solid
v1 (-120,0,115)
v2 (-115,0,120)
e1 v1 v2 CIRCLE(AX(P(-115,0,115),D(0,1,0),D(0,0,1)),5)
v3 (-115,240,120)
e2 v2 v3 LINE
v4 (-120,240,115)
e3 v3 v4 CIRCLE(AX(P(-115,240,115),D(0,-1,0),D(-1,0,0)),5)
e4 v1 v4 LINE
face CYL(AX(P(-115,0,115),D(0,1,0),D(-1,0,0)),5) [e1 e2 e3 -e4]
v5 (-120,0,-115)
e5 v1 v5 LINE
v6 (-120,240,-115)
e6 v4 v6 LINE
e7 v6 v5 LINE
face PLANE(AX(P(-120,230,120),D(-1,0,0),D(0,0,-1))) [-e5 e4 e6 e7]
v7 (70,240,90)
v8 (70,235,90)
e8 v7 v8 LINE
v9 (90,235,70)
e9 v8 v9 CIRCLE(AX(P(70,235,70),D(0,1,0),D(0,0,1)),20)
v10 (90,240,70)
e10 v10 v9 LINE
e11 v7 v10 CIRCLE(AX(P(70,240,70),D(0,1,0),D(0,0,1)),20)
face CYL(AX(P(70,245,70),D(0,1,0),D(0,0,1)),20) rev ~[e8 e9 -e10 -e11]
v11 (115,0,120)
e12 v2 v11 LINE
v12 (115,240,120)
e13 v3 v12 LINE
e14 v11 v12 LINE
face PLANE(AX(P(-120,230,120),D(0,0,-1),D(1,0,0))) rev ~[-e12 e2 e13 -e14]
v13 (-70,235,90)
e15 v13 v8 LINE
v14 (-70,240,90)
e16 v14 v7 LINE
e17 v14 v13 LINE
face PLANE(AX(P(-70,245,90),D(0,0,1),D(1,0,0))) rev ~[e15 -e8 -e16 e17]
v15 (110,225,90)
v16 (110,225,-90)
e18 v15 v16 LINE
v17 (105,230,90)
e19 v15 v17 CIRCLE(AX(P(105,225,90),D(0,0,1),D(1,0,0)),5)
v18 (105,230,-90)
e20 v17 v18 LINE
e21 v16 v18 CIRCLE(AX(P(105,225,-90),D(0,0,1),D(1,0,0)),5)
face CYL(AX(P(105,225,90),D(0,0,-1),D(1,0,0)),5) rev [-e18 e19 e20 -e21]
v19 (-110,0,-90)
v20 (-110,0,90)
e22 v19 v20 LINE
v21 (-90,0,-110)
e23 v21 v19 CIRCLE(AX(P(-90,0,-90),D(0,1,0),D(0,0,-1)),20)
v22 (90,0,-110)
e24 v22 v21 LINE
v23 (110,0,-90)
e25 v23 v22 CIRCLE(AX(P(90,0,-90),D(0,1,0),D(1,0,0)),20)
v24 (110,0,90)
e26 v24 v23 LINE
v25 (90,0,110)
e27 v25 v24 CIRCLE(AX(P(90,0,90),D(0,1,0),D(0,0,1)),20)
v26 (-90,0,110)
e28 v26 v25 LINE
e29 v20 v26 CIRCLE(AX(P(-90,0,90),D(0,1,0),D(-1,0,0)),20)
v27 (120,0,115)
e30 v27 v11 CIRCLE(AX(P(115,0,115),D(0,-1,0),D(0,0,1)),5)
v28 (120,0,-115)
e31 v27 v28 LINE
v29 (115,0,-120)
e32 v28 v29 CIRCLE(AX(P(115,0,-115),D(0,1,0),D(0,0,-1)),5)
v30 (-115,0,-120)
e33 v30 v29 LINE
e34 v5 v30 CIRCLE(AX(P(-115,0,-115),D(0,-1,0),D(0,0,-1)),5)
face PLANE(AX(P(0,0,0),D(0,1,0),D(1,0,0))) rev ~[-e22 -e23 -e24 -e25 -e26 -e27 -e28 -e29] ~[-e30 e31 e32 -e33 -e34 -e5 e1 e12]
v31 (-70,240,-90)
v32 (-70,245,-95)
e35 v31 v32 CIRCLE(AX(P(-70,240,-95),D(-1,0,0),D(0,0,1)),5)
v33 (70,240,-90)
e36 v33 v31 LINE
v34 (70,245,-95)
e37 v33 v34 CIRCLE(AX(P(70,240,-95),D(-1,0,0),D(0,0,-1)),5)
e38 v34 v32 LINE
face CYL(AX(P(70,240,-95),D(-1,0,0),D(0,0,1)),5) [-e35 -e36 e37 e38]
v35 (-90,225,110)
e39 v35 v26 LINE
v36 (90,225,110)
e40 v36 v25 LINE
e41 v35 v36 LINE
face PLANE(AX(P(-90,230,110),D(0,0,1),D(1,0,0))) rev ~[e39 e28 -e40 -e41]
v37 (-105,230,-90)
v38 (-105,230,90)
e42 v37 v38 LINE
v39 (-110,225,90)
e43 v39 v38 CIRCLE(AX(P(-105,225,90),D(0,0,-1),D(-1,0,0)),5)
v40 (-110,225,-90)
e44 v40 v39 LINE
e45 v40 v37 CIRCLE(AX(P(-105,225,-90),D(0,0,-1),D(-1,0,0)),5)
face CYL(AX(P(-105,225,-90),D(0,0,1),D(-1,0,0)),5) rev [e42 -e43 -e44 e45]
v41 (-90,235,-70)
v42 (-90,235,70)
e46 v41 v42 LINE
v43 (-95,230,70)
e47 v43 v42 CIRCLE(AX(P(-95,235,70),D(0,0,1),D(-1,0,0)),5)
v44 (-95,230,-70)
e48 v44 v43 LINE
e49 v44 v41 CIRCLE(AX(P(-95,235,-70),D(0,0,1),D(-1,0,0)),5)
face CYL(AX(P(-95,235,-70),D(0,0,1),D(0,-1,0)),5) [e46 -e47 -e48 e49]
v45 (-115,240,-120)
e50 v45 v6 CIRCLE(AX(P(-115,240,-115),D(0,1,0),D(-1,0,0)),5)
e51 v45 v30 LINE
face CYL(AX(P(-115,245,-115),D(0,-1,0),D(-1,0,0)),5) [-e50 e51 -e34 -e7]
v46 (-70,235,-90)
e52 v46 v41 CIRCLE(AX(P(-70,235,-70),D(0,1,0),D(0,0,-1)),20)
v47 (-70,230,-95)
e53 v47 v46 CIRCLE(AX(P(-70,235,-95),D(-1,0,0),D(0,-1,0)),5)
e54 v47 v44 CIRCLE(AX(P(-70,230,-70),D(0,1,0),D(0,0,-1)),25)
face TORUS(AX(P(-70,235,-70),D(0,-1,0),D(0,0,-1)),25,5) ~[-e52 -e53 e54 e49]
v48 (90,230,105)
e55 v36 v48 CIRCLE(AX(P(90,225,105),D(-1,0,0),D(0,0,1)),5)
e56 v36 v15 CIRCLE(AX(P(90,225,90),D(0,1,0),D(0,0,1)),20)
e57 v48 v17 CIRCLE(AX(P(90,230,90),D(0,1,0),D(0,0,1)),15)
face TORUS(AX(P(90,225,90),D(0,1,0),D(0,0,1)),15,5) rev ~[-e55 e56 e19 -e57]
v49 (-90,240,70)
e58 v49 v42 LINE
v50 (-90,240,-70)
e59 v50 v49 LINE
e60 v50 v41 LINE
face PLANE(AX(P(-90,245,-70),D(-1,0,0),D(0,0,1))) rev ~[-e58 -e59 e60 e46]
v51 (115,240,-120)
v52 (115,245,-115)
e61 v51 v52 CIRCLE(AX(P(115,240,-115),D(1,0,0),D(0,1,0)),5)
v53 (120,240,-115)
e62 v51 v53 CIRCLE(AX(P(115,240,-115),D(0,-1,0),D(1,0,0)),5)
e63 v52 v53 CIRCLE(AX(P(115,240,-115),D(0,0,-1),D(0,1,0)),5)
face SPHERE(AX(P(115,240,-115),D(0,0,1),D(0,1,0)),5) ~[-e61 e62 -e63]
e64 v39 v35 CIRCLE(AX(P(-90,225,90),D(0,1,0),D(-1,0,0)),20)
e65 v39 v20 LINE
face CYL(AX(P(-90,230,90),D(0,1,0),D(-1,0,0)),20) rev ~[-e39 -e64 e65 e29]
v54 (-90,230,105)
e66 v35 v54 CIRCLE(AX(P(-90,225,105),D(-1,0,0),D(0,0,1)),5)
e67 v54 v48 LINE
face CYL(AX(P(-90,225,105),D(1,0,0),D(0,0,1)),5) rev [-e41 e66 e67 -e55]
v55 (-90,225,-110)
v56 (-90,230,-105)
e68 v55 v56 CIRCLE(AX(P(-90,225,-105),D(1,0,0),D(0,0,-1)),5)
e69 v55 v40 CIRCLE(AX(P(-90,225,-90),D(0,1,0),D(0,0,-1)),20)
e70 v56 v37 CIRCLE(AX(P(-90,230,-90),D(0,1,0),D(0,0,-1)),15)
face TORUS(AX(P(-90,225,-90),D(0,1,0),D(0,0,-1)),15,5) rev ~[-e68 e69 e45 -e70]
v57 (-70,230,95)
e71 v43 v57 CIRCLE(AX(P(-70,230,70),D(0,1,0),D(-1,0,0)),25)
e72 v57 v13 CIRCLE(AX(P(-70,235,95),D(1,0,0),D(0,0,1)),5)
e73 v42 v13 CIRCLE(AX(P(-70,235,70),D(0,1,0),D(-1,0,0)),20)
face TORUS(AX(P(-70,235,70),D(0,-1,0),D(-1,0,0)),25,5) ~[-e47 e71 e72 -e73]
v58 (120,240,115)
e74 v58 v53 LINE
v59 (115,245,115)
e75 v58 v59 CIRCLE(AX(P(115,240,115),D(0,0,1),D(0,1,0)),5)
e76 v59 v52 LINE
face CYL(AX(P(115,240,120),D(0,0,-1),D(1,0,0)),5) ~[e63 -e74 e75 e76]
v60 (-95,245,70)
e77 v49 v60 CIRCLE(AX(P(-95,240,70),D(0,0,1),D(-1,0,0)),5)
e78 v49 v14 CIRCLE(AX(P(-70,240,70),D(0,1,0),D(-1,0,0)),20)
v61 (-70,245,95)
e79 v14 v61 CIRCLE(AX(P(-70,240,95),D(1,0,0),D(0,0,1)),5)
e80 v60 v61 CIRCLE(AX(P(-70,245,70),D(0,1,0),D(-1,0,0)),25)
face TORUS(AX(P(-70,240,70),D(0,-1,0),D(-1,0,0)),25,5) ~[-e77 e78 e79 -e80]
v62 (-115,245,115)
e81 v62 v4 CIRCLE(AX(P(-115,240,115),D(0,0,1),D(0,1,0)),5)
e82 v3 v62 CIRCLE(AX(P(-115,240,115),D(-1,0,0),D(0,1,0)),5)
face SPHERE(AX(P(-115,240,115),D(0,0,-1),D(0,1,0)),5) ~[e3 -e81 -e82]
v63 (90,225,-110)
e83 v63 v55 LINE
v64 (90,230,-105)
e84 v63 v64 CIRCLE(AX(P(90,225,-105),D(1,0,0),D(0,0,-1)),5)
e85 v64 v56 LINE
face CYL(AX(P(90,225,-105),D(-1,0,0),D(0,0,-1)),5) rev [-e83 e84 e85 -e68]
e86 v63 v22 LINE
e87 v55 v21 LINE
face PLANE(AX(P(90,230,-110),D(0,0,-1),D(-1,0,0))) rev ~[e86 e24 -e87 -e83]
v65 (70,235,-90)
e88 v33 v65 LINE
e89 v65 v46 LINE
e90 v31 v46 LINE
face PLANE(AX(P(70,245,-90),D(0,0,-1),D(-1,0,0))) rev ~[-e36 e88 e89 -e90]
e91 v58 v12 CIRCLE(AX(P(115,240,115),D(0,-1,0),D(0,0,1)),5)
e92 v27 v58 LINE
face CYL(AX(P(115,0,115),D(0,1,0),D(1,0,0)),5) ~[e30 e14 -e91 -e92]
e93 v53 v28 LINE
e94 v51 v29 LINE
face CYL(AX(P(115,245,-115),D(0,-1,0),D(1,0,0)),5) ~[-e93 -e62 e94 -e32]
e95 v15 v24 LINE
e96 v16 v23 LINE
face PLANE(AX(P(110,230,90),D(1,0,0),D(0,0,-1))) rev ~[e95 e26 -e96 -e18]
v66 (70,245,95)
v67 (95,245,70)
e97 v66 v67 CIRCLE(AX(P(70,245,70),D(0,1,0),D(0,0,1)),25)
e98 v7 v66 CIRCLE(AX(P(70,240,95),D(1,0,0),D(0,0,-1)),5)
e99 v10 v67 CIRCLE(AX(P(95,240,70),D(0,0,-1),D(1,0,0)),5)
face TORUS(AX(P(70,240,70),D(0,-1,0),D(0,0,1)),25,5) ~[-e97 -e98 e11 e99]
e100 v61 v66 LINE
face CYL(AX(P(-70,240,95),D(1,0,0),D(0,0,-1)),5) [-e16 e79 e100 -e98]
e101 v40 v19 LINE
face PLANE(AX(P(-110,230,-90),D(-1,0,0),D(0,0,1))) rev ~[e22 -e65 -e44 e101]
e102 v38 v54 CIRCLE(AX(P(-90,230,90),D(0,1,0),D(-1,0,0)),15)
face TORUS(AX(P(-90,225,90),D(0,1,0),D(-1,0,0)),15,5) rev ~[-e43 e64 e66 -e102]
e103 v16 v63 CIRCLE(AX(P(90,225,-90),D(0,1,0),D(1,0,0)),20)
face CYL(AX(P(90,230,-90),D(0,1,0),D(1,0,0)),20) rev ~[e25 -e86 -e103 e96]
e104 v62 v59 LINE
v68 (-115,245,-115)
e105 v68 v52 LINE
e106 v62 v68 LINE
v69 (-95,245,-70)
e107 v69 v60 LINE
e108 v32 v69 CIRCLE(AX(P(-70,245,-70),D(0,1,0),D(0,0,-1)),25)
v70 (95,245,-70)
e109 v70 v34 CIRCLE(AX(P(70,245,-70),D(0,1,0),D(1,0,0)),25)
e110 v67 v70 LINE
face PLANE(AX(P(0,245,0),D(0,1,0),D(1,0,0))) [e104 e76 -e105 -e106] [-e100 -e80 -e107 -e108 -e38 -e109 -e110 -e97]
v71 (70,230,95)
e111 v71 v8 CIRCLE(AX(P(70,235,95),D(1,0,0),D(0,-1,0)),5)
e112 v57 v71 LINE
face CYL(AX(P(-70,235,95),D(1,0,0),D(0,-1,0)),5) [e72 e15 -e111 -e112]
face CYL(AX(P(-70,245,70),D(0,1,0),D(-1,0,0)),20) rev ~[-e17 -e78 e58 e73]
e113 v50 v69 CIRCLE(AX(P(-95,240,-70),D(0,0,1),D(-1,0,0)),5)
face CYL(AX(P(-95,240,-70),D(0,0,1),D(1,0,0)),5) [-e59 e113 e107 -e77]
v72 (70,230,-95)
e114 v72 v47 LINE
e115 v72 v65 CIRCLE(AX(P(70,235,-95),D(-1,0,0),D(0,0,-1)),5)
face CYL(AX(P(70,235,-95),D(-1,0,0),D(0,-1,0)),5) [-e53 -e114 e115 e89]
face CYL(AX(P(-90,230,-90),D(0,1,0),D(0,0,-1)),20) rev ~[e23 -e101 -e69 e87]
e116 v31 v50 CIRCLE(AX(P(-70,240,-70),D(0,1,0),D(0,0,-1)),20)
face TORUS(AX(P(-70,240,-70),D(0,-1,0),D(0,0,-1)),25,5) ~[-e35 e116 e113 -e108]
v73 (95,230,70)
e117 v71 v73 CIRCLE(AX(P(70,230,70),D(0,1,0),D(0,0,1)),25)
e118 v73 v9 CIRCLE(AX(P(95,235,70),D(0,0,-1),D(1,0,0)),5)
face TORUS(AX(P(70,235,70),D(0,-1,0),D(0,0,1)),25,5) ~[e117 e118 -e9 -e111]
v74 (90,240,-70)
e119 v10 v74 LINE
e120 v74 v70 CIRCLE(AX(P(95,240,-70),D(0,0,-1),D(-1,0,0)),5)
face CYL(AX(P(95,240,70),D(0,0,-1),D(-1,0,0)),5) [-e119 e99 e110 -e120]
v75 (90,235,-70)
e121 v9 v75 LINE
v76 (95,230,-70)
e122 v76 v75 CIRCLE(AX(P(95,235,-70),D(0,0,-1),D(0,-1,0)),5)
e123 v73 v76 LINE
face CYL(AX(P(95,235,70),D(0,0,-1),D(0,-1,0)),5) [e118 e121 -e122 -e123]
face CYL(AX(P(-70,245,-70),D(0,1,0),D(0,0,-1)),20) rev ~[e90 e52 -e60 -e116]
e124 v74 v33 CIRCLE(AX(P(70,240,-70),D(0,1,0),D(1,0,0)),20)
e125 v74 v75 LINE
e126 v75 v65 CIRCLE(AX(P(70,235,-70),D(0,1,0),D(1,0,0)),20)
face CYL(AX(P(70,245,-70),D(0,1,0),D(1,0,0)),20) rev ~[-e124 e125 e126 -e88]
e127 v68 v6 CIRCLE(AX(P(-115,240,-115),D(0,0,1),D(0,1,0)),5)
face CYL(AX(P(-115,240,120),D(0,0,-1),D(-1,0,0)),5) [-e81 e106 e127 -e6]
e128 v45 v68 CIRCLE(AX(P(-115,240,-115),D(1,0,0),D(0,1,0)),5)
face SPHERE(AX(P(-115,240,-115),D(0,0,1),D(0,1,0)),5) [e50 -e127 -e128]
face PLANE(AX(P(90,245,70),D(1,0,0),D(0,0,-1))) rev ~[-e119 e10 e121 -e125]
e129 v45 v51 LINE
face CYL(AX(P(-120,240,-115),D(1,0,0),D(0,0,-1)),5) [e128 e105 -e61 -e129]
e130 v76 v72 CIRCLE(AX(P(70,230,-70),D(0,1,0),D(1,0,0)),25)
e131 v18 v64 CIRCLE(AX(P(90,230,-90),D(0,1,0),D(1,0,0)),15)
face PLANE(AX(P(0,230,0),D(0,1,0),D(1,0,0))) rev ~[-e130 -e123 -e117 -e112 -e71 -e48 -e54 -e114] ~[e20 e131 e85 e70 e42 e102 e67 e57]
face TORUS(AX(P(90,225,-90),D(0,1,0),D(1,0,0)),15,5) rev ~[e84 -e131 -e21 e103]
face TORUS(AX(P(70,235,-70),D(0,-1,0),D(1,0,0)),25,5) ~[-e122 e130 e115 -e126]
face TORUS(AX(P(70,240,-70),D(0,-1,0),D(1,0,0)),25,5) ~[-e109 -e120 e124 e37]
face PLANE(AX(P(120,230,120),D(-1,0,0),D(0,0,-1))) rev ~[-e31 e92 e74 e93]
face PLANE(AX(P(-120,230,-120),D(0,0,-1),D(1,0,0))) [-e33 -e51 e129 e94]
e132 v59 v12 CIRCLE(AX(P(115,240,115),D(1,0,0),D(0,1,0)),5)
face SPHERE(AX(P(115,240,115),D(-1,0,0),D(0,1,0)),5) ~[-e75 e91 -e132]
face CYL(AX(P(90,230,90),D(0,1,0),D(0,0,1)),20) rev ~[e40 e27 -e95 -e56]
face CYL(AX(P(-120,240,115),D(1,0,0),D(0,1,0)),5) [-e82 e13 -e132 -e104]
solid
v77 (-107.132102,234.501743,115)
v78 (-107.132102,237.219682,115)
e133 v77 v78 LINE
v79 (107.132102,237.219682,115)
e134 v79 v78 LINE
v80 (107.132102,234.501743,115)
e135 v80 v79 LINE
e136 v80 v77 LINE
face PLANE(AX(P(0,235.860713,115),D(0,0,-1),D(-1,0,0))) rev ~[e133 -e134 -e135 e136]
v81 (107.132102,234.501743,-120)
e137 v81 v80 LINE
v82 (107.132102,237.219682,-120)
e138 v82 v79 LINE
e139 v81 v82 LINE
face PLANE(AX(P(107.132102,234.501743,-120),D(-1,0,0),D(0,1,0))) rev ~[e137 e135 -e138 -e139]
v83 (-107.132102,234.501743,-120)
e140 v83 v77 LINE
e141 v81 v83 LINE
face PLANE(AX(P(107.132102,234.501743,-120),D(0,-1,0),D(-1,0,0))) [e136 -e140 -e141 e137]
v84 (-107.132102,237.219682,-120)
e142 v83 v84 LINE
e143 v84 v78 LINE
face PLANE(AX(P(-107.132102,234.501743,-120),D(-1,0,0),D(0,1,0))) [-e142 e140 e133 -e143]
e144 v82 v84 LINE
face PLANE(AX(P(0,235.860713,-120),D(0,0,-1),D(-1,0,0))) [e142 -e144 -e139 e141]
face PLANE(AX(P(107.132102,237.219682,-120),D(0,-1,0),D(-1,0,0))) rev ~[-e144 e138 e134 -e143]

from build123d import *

# Parameters (mm, degrees)
SKETCH_1_W          = 240
SKETCH_1_H          = 240
SKETCH_1_W_2        = 220
SKETCH_1_H_2        = 220
EXTRUDE_1_DEPTH     = 230
SKETCH_2_W          = 240
SKETCH_2_H          = 240
EXTRUDE_1_2_DEPTH   = 15
SKETCH_5_W          = 240
SKETCH_5_H          = 240
EXTRUDE_3_DEPTH     = 230
FILLET_1_R          = 5
FILLET_2_R          = 5
CUT_EXTRUDE_2_DEPTH = 230
SKETCH_9_W          = 214.264204386
SKETCH_9_H          = 2.717939168
EXTRUDE_5_DEPTH     = 235
FILLET_3_R          = 5


with BuildPart() as part:
    # 草图1 → Extrude 1 (new body)
    with BuildSketch(Plane(origin=(0, 0, 0), x_dir=(1, 0, 0), z_dir=(0, 1, 0))):
        Rectangle(SKETCH_1_W, SKETCH_1_H)
        Rectangle(SKETCH_1_W_2, SKETCH_1_H_2, mode=Mode.SUBTRACT)
    extrude(amount=EXTRUDE_1_DEPTH)

    # 草图2 → Extrude 1 2 (add)
    with BuildSketch(Plane(origin=(0, 230, 0), x_dir=(1, 0, 0), z_dir=(0, 1, 0))):
        Rectangle(SKETCH_2_W, SKETCH_2_H)
    extrude(amount=EXTRUDE_1_2_DEPTH)

    # 草图5 → 凸台-拉伸3 (add)
    with BuildSketch(Plane.XZ.offset(-230)):
        Rectangle(SKETCH_5_W, SKETCH_5_H)
        with BuildLine():
            Line((-90, 110), (90, 110))
            ThreePointArc((90, 110), (104.142135624, 104.142135624), (110, 90))
            Line((110, 90), (110, -90))
            ThreePointArc((110, -90), (104.142135624, -104.142135624), (90, -110))
            Line((90, -110), (-90, -110))
            ThreePointArc((-90, -110), (-104.142135624, -104.142135624), (-110, -90))
            Line((-110, -90), (-110, 90))
            ThreePointArc((-110, 90), (-104.142135624, 104.142135624), (-90, 110))
        make_face(mode=Mode.SUBTRACT)
    extrude(amount=EXTRUDE_3_DEPTH)

    # 圆角1
    fillet_1_edges = [part.edges().sort_by_distance(p)[0] for p in [
        (-120, 245, 0),
        (0, 245, 120),
        (120, 245, 0),
        (0, 245, -120),
        (120, 122.5, 120),
        (-120, 122.5, 120),
        (-120, 122.5, -120),
        (120, 122.5, -120),
    ]]
    fillet(fillet_1_edges, radius=FILLET_1_R)

    # 圆角2
    fillet_2_edges = [part.edges().sort_by_distance(p)[0] for p in [
        (0, 230, -110),
        (110, 230, 0),
        (0, 230, 110),
        (-110, 230, 0),
        (104.142135624, 230, -104.142135624),
        (-104.142135624, 230, -104.142135624),
        (-104.142135624, 230, 104.142135624),
        (104.142135624, 230, 104.142135624),
    ]]
    fillet(fillet_2_edges, radius=FILLET_2_R)

    # 草图6 → 切除-拉伸2 (cut)
    with BuildSketch(Plane(origin=(0, 245, 0), x_dir=(1, 0, 0), z_dir=(0, 1, 0))):
        with BuildLine():
            Line((-70, -90), (70, -90))
            ThreePointArc((70, -90), (84.142135624, -84.142135624), (90, -70))
            Line((90, -70), (90, 70))
            ThreePointArc((90, 70), (84.142135624, 84.142135624), (70, 90))
            Line((70, 90), (-70, 90))
            ThreePointArc((-70, 90), (-84.142135624, 84.142135624), (-90, 70))
            Line((-90, 70), (-90, -70))
            ThreePointArc((-90, -70), (-84.142135624, -84.142135624), (-70, -90))
        make_face()
    extrude(amount=-CUT_EXTRUDE_2_DEPTH, mode=Mode.SUBTRACT)

    # 圆角3
    fillet_3_edges = [part.edges().sort_by_distance(p)[0] for p in [
        (-84.142135624, 230, 84.142135624),
        (-90, 230, 0),
        (-84.142135624, 230, -84.142135624),
        (0, 230, -90),
        (84.142135624, 230, -84.142135624),
        (90, 230, 0),
        (84.142135624, 230, 84.142135624),
        (0, 230, 90),
        (-84.142135624, 245, 84.142135624),
        (0, 245, 90),
        (84.142135624, 245, 84.142135624),
        (90, 245, 0),
        (84.142135624, 245, -84.142135624),
        (0, 245, -90),
        (-84.142135624, 245, -84.142135624),
        (-90, 245, 0),
    ]]
    fillet(fillet_3_edges, radius=FILLET_3_R)


with BuildPart() as body_2:
    # 草图9 → 凸台-拉伸5 (new body)
    with BuildSketch(Plane(origin=(0, 0, -120), x_dir=(-1, 0, 0), z_dir=(0, 0, -1))):
        with Locations((0, 235.860712786)):
            Rectangle(SKETCH_9_W, SKETCH_9_H)
    extrude(amount=-EXTRUDE_5_DEPTH)


solid = Compound([part.part, body_2.part])
